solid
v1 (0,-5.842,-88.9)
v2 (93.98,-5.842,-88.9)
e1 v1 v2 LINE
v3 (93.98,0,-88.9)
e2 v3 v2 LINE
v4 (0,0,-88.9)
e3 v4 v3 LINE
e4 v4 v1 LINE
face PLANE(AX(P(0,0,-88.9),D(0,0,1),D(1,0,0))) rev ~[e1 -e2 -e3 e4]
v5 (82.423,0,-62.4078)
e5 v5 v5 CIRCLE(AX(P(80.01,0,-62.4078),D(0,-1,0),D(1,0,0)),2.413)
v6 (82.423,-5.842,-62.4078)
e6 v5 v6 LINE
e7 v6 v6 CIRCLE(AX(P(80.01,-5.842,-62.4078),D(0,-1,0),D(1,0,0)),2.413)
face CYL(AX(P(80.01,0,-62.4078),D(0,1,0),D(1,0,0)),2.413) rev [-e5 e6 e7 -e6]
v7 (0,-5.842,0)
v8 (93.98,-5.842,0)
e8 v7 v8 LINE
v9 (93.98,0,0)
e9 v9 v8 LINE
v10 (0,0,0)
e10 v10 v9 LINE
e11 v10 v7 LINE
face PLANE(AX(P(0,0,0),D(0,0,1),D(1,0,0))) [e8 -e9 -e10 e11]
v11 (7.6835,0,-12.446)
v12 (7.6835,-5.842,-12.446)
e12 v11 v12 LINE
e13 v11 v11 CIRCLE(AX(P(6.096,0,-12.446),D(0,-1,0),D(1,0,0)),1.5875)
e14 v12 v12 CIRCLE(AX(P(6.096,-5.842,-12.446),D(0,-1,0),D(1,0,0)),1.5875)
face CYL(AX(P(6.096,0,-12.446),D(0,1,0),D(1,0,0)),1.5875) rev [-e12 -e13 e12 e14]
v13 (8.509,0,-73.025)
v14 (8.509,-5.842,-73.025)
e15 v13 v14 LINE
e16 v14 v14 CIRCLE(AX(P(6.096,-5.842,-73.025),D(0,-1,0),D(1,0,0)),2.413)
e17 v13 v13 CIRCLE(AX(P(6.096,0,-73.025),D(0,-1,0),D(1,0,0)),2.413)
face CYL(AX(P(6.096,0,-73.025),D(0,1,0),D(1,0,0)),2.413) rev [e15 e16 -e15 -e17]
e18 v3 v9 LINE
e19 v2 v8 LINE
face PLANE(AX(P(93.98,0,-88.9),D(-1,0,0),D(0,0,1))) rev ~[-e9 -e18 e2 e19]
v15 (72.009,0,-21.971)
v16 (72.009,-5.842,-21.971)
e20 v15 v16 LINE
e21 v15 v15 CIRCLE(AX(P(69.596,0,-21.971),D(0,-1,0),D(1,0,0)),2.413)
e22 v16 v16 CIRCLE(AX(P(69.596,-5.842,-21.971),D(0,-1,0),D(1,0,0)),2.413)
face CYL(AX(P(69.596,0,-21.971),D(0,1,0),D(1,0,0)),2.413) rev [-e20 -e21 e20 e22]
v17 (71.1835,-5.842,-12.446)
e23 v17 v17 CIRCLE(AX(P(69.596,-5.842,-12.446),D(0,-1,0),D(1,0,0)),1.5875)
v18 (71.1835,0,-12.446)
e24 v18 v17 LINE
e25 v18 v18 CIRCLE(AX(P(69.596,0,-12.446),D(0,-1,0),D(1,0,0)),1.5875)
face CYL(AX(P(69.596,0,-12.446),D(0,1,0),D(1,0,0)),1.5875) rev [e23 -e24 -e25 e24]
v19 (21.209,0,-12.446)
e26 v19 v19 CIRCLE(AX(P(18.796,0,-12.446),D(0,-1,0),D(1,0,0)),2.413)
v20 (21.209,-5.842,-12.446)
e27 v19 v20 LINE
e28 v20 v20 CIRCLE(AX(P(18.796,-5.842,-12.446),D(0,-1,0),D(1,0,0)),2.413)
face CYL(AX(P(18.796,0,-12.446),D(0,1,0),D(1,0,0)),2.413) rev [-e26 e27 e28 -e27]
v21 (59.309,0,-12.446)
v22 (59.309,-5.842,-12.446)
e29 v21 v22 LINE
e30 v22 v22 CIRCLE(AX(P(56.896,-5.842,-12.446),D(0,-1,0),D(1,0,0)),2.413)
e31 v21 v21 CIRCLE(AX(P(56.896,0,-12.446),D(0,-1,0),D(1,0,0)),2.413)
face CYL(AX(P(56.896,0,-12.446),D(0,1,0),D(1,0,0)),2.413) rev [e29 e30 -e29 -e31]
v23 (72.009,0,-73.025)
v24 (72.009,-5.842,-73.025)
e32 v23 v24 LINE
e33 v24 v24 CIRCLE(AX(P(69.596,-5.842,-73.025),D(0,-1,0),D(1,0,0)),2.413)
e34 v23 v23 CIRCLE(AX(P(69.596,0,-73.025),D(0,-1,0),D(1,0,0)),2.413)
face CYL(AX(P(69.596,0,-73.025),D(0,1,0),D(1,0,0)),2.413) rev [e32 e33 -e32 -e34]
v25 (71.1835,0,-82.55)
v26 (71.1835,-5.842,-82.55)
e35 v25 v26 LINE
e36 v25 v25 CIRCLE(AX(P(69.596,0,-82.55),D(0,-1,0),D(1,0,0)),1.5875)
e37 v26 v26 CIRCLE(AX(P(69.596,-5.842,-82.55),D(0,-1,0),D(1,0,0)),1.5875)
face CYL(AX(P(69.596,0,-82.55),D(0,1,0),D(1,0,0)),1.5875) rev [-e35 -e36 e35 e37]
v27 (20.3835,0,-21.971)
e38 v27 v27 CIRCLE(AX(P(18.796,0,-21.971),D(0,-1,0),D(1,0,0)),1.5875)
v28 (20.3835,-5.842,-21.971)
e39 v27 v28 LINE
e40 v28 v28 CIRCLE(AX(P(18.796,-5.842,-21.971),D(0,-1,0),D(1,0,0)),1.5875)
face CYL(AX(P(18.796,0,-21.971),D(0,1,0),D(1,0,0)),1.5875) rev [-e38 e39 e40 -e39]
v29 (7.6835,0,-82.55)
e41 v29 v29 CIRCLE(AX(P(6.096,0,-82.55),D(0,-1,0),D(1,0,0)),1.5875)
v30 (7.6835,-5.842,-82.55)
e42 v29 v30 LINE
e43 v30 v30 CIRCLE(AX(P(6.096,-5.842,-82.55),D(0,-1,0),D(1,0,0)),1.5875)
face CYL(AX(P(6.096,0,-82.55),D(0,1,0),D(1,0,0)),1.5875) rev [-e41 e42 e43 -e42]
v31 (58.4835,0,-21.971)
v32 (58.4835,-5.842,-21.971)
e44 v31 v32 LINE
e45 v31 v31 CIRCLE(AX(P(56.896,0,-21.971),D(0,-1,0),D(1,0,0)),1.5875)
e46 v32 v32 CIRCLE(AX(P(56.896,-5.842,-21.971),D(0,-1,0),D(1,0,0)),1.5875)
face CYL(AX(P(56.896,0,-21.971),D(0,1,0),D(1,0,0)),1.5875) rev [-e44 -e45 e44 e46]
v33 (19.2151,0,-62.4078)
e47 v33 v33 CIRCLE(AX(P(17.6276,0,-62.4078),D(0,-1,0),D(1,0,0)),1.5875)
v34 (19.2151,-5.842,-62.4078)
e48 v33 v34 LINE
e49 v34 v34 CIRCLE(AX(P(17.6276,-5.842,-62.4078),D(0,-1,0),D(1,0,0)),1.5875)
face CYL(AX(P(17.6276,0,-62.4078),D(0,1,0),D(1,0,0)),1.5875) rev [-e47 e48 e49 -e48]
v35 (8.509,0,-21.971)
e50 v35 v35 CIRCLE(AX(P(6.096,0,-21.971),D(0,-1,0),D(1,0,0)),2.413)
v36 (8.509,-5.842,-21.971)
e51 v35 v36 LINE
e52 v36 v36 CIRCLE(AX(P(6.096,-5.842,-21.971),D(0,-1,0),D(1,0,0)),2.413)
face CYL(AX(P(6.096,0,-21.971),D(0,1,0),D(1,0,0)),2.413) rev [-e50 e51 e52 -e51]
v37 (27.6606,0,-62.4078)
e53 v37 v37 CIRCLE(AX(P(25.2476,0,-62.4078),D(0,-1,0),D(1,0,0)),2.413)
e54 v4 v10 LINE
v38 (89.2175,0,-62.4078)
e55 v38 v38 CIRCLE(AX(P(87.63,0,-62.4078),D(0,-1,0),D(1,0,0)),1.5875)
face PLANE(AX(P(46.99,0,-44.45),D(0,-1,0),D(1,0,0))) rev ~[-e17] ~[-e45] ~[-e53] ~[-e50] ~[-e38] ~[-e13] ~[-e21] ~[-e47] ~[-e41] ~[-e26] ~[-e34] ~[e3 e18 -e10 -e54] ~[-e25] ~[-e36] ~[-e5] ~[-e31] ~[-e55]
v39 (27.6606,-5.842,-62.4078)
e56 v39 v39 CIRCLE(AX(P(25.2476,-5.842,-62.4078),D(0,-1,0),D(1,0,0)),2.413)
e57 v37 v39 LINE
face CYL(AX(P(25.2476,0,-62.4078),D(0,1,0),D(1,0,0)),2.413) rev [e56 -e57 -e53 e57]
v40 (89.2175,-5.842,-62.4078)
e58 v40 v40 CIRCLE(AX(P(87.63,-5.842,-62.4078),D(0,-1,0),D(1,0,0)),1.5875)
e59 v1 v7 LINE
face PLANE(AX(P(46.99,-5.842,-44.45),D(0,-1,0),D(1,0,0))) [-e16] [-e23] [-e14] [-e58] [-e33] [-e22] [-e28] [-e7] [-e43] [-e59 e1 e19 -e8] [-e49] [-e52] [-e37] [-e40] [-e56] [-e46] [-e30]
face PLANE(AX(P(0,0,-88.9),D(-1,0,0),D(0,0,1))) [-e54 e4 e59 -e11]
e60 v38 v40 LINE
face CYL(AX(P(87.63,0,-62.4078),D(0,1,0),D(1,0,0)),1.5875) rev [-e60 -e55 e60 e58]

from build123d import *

# Parameters (mm, degrees)
F0_W     = 93.98
F0_H     = 88.9
F0_R     = 1.5875
F0_R_2   = 2.413
F1_DEPTH = 5.842


with BuildPart() as f1:
    # F0 (on Front) → F1 (new body)
    with BuildSketch(Plane.XZ):
        with Locations((46.99, -44.45)):
            Rectangle(F0_W, F0_H)
        with Locations((6.096, -82.55)):
            Circle(F0_R, mode=Mode.SUBTRACT)
        with Locations((6.096, -73.025)):
            Circle(F0_R_2, mode=Mode.SUBTRACT)
        with Locations((17.6276, -62.4078)):
            Circle(F0_R, mode=Mode.SUBTRACT)
        with Locations((25.2476, -62.4078)):
            Circle(F0_R_2, mode=Mode.SUBTRACT)
        with Locations((69.596, -82.55)):
            Circle(F0_R, mode=Mode.SUBTRACT)
        with Locations((69.596, -73.025)):
            Circle(F0_R_2, mode=Mode.SUBTRACT)
        with Locations((80.01, -62.4078)):
            Circle(F0_R_2, mode=Mode.SUBTRACT)
        with Locations((87.63, -62.4078)):
            Circle(F0_R, mode=Mode.SUBTRACT)
        with Locations((6.096, -21.971)):
            Circle(F0_R_2, mode=Mode.SUBTRACT)
        with Locations((6.096, -12.446)):
            Circle(F0_R, mode=Mode.SUBTRACT)
        with Locations((18.796, -21.971)):
            Circle(F0_R, mode=Mode.SUBTRACT)
        with Locations((18.796, -12.446)):
            Circle(F0_R_2, mode=Mode.SUBTRACT)
        with Locations((56.896, -21.971)):
            Circle(F0_R, mode=Mode.SUBTRACT)
        with Locations((56.896, -12.446)):
            Circle(F0_R_2, mode=Mode.SUBTRACT)
        with Locations((69.596, -21.971)):
            Circle(F0_R_2, mode=Mode.SUBTRACT)
        with Locations((69.596, -12.446)):
            Circle(F0_R, mode=Mode.SUBTRACT)
    extrude(amount=F1_DEPTH)


solid = f1.part
